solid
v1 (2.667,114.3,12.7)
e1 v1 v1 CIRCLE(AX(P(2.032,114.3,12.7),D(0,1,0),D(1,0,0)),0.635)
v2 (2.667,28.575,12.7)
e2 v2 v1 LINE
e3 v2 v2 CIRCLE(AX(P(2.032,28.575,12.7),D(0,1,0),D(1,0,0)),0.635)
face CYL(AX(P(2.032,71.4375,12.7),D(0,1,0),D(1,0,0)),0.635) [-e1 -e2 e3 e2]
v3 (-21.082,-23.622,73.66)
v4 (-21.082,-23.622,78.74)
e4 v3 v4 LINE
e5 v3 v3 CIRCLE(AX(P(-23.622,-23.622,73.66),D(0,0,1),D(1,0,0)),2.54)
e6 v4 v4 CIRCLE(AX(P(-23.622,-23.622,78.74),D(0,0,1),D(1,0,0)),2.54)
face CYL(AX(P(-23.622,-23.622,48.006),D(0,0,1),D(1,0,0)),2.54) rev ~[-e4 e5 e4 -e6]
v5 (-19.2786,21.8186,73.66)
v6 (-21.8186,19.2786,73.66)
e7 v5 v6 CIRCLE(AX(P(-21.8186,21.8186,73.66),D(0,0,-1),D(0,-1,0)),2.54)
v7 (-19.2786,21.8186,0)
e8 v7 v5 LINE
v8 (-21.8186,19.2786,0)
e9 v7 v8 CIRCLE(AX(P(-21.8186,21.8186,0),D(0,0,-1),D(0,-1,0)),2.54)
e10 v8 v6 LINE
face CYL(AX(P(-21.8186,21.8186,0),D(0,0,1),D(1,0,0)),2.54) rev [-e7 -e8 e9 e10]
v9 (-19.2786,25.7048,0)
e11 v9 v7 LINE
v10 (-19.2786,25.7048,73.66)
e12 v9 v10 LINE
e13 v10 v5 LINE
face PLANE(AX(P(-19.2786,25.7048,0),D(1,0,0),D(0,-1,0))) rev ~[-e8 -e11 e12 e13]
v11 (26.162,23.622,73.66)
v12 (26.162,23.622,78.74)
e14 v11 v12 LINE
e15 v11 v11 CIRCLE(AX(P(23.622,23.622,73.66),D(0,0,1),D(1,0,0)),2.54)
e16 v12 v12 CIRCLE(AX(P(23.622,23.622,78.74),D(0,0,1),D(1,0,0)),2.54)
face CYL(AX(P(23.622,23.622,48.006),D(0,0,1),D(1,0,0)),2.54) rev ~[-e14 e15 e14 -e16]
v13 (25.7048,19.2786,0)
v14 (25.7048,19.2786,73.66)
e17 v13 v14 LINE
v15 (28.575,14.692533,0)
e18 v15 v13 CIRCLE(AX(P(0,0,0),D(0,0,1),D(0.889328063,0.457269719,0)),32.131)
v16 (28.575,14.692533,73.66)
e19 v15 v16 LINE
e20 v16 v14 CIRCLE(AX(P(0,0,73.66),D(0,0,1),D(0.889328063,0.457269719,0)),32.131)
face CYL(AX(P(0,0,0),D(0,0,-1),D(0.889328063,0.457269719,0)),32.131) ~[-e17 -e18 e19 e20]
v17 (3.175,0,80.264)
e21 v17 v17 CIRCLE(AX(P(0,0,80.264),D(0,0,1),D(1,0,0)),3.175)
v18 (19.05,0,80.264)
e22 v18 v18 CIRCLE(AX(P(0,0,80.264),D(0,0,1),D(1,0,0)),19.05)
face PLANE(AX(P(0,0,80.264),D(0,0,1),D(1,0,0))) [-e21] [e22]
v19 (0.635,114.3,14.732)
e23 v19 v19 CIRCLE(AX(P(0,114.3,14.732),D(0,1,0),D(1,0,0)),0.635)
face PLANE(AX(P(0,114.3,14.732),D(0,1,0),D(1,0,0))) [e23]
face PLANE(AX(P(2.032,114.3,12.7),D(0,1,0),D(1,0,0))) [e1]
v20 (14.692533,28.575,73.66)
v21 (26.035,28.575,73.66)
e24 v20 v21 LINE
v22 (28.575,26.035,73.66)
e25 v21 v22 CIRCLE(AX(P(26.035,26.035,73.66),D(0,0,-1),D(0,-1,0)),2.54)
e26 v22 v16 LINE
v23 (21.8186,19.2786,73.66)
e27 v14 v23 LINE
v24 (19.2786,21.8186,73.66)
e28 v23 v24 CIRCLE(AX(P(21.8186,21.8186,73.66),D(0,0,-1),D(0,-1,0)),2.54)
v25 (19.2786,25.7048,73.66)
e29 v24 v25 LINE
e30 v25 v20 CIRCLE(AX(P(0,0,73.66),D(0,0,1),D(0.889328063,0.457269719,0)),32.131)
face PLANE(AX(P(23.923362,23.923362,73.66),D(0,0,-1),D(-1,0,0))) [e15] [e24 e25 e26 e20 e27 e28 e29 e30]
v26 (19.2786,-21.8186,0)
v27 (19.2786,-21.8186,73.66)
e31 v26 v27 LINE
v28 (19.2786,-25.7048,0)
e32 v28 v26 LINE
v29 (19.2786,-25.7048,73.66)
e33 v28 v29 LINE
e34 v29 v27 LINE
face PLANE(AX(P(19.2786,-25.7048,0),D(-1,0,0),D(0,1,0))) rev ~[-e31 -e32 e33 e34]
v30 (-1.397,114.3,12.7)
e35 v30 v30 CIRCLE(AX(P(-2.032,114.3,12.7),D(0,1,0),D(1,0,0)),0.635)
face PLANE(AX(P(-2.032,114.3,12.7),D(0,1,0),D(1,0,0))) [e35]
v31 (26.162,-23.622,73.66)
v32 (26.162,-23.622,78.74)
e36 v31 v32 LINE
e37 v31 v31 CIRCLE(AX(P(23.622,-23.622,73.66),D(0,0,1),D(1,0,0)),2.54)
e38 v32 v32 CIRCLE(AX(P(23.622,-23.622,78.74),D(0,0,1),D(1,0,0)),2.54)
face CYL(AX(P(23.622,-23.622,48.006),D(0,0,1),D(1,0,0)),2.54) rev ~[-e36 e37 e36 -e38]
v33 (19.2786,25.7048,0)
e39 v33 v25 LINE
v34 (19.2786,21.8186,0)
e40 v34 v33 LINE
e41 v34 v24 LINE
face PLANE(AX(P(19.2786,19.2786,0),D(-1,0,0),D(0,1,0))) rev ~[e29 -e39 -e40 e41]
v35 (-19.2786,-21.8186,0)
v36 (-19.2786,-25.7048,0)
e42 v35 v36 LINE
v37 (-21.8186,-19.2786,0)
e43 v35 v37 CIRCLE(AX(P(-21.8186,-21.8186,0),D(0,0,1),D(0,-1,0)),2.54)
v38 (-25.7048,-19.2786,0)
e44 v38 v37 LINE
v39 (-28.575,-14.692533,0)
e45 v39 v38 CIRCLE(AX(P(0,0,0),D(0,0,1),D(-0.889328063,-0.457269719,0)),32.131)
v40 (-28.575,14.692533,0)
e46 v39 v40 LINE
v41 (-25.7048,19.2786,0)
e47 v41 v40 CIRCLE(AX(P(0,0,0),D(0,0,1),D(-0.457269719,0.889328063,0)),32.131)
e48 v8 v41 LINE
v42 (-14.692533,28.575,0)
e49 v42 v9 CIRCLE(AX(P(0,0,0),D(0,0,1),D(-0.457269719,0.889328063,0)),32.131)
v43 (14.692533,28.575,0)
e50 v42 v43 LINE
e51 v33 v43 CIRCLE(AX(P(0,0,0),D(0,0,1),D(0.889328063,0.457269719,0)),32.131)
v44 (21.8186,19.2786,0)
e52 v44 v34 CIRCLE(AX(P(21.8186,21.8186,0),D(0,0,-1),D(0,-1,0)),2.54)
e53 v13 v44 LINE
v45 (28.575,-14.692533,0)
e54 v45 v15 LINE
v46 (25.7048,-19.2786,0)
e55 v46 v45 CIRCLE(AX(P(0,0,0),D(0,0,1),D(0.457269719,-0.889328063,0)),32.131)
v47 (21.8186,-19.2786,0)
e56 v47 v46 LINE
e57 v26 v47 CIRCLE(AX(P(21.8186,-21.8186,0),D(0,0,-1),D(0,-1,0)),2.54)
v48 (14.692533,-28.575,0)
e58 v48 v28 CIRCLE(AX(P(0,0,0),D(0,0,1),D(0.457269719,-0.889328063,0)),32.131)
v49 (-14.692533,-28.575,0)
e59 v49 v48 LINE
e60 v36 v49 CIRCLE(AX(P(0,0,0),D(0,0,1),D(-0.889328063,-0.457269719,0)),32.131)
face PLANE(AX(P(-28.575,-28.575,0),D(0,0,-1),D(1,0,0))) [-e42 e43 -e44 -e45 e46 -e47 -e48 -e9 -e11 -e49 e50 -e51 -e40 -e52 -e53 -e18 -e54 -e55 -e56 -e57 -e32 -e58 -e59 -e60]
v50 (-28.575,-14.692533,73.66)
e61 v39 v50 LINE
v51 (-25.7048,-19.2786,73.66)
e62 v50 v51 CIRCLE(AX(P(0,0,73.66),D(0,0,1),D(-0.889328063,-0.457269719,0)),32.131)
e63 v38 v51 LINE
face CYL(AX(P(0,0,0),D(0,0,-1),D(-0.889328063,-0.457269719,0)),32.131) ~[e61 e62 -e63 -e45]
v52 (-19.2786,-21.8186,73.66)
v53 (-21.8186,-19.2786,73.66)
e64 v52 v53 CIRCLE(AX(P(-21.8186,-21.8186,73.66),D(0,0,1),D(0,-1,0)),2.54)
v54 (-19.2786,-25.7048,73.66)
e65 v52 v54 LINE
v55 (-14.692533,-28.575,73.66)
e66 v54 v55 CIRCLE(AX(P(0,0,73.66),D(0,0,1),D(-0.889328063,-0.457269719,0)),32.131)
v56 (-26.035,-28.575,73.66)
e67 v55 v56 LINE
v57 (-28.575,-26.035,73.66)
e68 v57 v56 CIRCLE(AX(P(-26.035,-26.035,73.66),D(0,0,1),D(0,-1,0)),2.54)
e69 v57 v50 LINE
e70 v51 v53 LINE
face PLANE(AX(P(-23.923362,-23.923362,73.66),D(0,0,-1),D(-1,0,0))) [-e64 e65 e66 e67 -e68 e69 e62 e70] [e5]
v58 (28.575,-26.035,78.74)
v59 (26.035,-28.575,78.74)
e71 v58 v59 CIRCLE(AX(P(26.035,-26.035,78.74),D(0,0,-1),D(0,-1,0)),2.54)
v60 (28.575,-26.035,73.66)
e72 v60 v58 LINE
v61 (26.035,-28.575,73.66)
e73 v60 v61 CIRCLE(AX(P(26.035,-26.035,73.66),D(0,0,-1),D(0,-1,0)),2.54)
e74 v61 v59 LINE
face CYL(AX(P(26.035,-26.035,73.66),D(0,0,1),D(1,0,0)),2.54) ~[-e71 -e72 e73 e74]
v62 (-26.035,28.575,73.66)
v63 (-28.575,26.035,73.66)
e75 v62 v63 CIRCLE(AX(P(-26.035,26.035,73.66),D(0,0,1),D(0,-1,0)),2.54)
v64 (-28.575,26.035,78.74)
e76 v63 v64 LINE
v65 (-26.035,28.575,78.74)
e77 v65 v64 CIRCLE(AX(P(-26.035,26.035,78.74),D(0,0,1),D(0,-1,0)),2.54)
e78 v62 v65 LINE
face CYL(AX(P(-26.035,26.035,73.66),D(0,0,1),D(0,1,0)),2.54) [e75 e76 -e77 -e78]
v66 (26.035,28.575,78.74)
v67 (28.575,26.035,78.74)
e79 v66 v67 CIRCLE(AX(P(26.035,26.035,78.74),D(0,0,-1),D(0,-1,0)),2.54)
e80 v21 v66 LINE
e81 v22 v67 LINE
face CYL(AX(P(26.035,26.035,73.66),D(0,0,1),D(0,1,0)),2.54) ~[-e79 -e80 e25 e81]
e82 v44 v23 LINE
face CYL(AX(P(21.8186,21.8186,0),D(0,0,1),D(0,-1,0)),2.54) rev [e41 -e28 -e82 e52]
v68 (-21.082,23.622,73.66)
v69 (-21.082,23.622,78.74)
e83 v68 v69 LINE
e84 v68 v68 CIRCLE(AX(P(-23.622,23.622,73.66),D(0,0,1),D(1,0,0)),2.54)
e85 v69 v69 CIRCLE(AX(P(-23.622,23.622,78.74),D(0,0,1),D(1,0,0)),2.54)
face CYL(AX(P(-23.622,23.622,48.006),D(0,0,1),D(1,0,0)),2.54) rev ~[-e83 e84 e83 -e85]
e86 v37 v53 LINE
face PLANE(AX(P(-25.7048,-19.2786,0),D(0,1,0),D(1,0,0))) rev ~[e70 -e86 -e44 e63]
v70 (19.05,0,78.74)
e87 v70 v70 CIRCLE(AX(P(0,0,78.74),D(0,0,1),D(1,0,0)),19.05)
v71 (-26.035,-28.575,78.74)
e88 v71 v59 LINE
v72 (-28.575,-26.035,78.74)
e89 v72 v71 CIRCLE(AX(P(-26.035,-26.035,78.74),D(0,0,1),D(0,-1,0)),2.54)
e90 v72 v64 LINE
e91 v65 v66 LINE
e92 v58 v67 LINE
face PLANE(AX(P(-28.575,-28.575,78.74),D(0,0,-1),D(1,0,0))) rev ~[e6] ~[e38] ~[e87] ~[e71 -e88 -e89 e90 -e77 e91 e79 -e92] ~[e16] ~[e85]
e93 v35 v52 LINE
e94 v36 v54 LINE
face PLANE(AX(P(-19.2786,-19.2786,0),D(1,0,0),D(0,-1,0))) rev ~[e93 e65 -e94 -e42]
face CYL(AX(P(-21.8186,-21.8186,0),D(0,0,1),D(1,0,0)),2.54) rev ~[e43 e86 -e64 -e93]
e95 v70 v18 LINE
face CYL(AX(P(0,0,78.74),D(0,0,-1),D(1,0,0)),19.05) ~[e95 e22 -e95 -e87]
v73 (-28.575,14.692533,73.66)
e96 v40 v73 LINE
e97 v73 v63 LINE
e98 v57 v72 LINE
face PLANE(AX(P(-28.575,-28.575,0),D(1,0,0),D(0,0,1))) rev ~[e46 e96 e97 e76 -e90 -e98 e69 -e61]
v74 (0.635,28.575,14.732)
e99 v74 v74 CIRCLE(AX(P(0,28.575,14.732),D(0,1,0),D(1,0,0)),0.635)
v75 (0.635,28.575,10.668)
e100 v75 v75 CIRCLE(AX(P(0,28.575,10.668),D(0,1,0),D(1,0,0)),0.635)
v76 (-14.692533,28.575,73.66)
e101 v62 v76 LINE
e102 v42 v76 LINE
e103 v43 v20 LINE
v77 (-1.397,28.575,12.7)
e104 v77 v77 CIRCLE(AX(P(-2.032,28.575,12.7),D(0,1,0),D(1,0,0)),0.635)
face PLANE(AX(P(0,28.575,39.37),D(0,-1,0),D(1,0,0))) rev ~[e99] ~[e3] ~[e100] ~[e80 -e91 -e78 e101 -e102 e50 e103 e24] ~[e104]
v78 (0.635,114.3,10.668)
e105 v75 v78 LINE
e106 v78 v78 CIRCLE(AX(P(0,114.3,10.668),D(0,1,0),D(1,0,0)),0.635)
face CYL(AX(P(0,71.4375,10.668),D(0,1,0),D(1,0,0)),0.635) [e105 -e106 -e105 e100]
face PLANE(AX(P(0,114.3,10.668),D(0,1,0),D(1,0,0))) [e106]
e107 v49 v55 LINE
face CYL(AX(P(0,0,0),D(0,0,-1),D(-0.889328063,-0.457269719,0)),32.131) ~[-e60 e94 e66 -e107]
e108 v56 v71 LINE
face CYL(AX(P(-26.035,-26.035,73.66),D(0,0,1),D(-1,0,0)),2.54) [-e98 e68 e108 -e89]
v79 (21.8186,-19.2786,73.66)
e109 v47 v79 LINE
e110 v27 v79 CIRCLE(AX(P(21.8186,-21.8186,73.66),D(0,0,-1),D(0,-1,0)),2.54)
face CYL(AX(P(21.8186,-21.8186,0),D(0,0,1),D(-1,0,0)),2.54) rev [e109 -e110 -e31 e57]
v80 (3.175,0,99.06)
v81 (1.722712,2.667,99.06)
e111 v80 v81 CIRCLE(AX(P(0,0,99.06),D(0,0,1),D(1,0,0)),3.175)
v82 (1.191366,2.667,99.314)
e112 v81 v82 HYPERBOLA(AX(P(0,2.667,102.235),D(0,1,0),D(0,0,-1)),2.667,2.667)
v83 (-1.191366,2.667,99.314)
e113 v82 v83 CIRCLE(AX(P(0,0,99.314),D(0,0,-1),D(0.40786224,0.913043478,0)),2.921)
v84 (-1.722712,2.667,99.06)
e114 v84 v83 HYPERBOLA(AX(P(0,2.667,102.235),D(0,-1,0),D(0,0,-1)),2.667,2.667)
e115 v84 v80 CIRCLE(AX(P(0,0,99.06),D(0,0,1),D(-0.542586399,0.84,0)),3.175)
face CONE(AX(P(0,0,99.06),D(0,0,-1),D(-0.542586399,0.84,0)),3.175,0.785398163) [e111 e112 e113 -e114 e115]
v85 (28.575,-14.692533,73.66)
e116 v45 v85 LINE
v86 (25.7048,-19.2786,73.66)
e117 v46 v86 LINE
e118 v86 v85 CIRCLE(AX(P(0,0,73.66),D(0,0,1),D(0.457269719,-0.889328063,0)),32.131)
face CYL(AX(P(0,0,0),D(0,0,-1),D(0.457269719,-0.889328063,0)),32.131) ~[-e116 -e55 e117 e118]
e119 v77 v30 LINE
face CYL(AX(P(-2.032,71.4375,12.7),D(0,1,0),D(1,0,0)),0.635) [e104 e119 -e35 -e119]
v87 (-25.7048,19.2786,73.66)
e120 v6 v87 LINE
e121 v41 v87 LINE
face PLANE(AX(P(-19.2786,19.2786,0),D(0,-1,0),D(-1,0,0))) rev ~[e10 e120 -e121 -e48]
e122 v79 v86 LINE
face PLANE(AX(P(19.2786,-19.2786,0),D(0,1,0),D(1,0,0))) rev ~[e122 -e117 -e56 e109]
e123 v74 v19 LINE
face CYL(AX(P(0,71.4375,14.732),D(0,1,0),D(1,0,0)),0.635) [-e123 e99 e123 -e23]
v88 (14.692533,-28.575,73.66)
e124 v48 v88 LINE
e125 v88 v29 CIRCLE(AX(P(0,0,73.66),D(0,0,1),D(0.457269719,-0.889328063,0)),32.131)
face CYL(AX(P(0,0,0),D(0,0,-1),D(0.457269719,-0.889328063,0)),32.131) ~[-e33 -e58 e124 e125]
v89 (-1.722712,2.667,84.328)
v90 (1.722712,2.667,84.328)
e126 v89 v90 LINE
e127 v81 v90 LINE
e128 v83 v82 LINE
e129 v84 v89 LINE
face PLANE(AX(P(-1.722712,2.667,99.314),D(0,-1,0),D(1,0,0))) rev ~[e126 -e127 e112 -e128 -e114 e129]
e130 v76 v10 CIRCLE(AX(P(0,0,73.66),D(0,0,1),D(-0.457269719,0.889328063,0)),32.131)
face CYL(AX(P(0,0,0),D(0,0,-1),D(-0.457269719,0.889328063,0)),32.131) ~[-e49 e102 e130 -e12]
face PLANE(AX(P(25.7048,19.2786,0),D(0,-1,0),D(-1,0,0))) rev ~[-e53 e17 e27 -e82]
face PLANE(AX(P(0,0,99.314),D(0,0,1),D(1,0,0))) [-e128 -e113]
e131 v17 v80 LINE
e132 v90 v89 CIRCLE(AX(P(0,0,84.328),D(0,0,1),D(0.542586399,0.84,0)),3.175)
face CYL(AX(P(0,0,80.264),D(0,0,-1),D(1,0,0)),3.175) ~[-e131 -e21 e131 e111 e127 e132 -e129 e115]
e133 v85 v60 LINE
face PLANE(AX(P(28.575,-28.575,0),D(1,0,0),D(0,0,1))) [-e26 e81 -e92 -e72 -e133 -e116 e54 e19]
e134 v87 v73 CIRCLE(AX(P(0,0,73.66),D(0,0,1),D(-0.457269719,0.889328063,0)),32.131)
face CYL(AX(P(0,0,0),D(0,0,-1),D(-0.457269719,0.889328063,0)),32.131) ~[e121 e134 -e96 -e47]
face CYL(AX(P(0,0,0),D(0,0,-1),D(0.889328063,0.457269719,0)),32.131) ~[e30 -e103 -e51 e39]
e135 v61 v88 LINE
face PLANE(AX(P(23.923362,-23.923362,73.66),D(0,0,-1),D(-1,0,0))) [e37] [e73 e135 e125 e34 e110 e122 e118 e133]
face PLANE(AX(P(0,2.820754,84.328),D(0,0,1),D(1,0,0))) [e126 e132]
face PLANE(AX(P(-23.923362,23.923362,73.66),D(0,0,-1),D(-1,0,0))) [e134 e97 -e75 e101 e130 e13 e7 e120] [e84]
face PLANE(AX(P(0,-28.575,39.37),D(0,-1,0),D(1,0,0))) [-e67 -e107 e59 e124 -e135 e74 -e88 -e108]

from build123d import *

# Parameters (mm, degrees)
SKETCH1_W           = 57.15
SKETCH1_H           = 78.74
BOSS_EXTRUDE1_DEPTH = 57.15
CUT_EXTRUDE1_DEPTH  = 73.66
CUT_EXTRUDE2_DEPTH  = 73.66
CUT_EXTRUDE3_DEPTH  = 73.66
CUT_EXTRUDE4_DEPTH  = 73.66
CUT_EXTRUDE5_DEPTH  = 73.66
CUT_EXTRUDE6_DEPTH  = 73.66
CUT_EXTRUDE7_DEPTH  = 73.66
CUT_EXTRUDE8_DEPTH  = 73.66
SKETCH10_R          = 19.05
BOSS_EXTRUDE2_DEPTH = 1.524
SKETCH11_R          = 3.175
BOSS_EXTRUDE3_DEPTH = 19.05
CUT_EXTRUDE9_DEPTH  = 14.986
SKETCH13_W          = 0.635
SKETCH13_H          = 85.725
SKETCH14_W          = 0.635
SKETCH14_H          = 85.725
SKETCH15_W          = 0.635
SKETCH15_H          = 85.725
SKETCH16_W          = 0.635
SKETCH16_H          = 85.725
HOLE1_D             = 5.08
HOLE1_DEPTH         = 25.654
HOLE2_D             = 5.08
HOLE2_DEPTH         = 25.654
HOLE3_D             = 5.08
HOLE3_DEPTH         = 25.654
HOLE4_D             = 5.08
HOLE4_DEPTH         = 25.654
CHAMFER1_SIZE       = 0.254
FILLET1_R           = 2.54
FILLET2_R           = 2.54
FILLET3_R           = 2.54
FILLET4_R           = 2.54
FILLET5_R           = 2.54
FILLET6_R           = 2.54
FILLET7_R           = 2.54
FILLET8_R           = 2.54


with BuildPart() as part:
    # Sketch1 → Boss-Extrude1 (new body)
    with BuildSketch(Plane.XZ.offset(28.575)):
        with Locations((0, 39.37)):
            Rectangle(SKETCH1_W, SKETCH1_H)
    extrude(amount=-BOSS_EXTRUDE1_DEPTH)

    # Sketch2 → Cut-Extrude1 (cut)
    with BuildSketch(Plane(origin=(0, 0, 0), x_dir=(-1, 0, 0), z_dir=(0, 0, -1))):
        with BuildLine():
            Line((-28.575, -28.575), (-14.692533342, -28.575))
            ThreePointArc((-14.692533342, -28.575), (-22.720047986, -22.720047986), (-28.575, -14.692533342))
            Line((-28.575, -14.692533342), (-28.575, -28.575))
        make_face()
    extrude(amount=-CUT_EXTRUDE1_DEPTH, mode=Mode.SUBTRACT)

    # Sketch3 → Cut-Extrude2 (cut)
    with BuildSketch(Plane(origin=(0, 0, 0), x_dir=(-1, 0, 0), z_dir=(0, 0, -1))):
        with BuildLine():
            Line((-19.2786, -25.7048), (-19.2786, -19.2786))
            Line((-19.2786, -19.2786), (-25.7048, -19.2786))
            ThreePointArc((-25.7048, -19.2786), (-22.720047986, -22.720047986), (-19.2786, -25.7048))
        make_face()
    extrude(amount=-CUT_EXTRUDE2_DEPTH, mode=Mode.SUBTRACT)

    # Sketch4 → Cut-Extrude3 (cut)
    with BuildSketch(Plane(origin=(0, 0, 0), x_dir=(-1, 0, 0), z_dir=(0, 0, -1))):
        with BuildLine():
            Line((-28.575, 28.575), (-28.575, 14.692533342))
            ThreePointArc((-28.575, 14.692533342), (-22.720047986, 22.720047986), (-14.692533342, 28.575))
            Line((-14.692533342, 28.575), (-28.575, 28.575))
        make_face()
    extrude(amount=-CUT_EXTRUDE3_DEPTH, mode=Mode.SUBTRACT)

    # Sketch5 → Cut-Extrude4 (cut)
    with BuildSketch(Plane(origin=(0, 0, 0), x_dir=(-1, 0, 0), z_dir=(0, 0, -1))):
        with BuildLine():
            Line((-25.7048, 19.2786), (-19.2786, 19.2786))
            Line((-19.2786, 19.2786), (-19.2786, 25.7048))
            ThreePointArc((-19.2786, 25.7048), (-22.720047986, 22.720047986), (-25.7048, 19.2786))
        make_face()
    extrude(amount=-CUT_EXTRUDE4_DEPTH, mode=Mode.SUBTRACT)

    # Sketch6 → Cut-Extrude5 (cut)
    with BuildSketch(Plane(origin=(0, 0, 0), x_dir=(-1, 0, 0), z_dir=(0, 0, -1))):
        with BuildLine():
            Line((28.575, 28.575), (14.692533342, 28.575))
            ThreePointArc((14.692533342, 28.575), (22.720047986, 22.720047986), (28.575, 14.692533342))
            Line((28.575, 14.692533342), (28.575, 28.575))
        make_face()
    extrude(amount=-CUT_EXTRUDE5_DEPTH, mode=Mode.SUBTRACT)

    # Sketch7 → Cut-Extrude6 (cut)
    with BuildSketch(Plane(origin=(0, 0, 0), x_dir=(-1, 0, 0), z_dir=(0, 0, -1))):
        with BuildLine():
            Line((19.2786, 25.7048), (19.2786, 19.2786))
            Line((19.2786, 19.2786), (25.7048, 19.2786))
            ThreePointArc((25.7048, 19.2786), (22.720047986, 22.720047986), (19.2786, 25.7048))
        make_face()
    extrude(amount=-CUT_EXTRUDE6_DEPTH, mode=Mode.SUBTRACT)

    # Sketch8 → Cut-Extrude7 (cut)
    with BuildSketch(Plane(origin=(0, 0, 0), x_dir=(-1, 0, 0), z_dir=(0, 0, -1))):
        with BuildLine():
            Line((28.575, -28.575), (28.575, -14.692533342))
            ThreePointArc((28.575, -14.692533342), (22.720047986, -22.720047986), (14.692533342, -28.575))
            Line((14.692533342, -28.575), (28.575, -28.575))
        make_face()
    extrude(amount=-CUT_EXTRUDE7_DEPTH, mode=Mode.SUBTRACT)

    # Sketch9 → Cut-Extrude8 (cut)
    with BuildSketch(Plane(origin=(0, 0, 0), x_dir=(-1, 0, 0), z_dir=(0, 0, -1))):
        with BuildLine():
            Line((25.7048, -19.2786), (19.2786, -19.2786))
            Line((19.2786, -19.2786), (19.2786, -25.7048))
            ThreePointArc((19.2786, -25.7048), (22.720047986, -22.720047986), (25.7048, -19.2786))
        make_face()
    extrude(amount=-CUT_EXTRUDE8_DEPTH, mode=Mode.SUBTRACT)

    # Sketch10 → Boss-Extrude2 (add)
    with BuildSketch(Plane.XY.offset(78.74)):
        Circle(SKETCH10_R)
    extrude(amount=BOSS_EXTRUDE2_DEPTH)

    # Sketch11 → Boss-Extrude3 (add)
    with BuildSketch(Plane.XY.offset(80.264)):
        Circle(SKETCH11_R)
    extrude(amount=BOSS_EXTRUDE3_DEPTH)

    # Sketch12 → Cut-Extrude9 (cut)
    with BuildSketch(Plane.XY.offset(99.314)):
        with BuildLine():
            Line((-1.722711816, 2.667), (1.722711816, 2.667))
            ThreePointArc((1.722711816, 2.667), (0, 3.175), (-1.722711816, 2.667))
        make_face()
    extrude(amount=-CUT_EXTRUDE9_DEPTH, mode=Mode.SUBTRACT)

    # Sketch13 → Revolve1 (revolve)
    with BuildSketch(Plane(origin=(0, 0, 12.7), x_dir=(-1, 0, 0), z_dir=(0, 0, -1))):
        with Locations((1.7145, 71.4375)):
            Rectangle(SKETCH13_W, SKETCH13_H)
    revolve(axis=Axis((-2.032, 28.575, 12.7), (0, 1, 0)))

    # Sketch14 → Revolve2 (revolve)
    with BuildSketch(Plane(origin=(0, 0, 12.7), x_dir=(-1, 0, 0), z_dir=(0, 0, -1))):
        with Locations((-2.3495, 71.4375)):
            Rectangle(SKETCH14_W, SKETCH14_H)
    revolve(axis=Axis((2.032, 28.575, 12.7), (0, 1, 0)))

    # Sketch15 → Revolve3 (revolve)
    with BuildSketch(Plane(origin=(0, 0, 14.732), x_dir=(-1, 0, 0), z_dir=(0, 0, -1))):
        with Locations((-0.3175, 71.4375)):
            Rectangle(SKETCH15_W, SKETCH15_H)
    revolve(axis=Axis((0, 28.575, 14.732), (0, 1, 0)))

    # Sketch16 → Revolve4 (revolve)
    with BuildSketch(Plane(origin=(0, 0, 10.668), x_dir=(-1, 0, 0), z_dir=(0, 0, -1))):
        with Locations((-0.3175, 71.4375)):
            Rectangle(SKETCH16_W, SKETCH16_H)
    revolve(axis=Axis((0, 28.575, 10.668), (0, 1, 0)))

    # Hole1
    with Locations(Plane(origin=(0, 0, 73.66), x_dir=(-1, 0, 0), z_dir=(0, 0, -1))):
        with Locations((23.622, -23.622)):
            Hole(HOLE1_D / 2, depth=HOLE1_DEPTH)

    # Hole2
    with Locations(Plane(origin=(0, 0, 73.66), x_dir=(-1, 0, 0), z_dir=(0, 0, -1))):
        with Locations((23.622, 23.622)):
            Hole(HOLE2_D / 2, depth=HOLE2_DEPTH)

    # Hole3
    with Locations(Plane(origin=(0, 0, 73.66), x_dir=(-1, 0, 0), z_dir=(0, 0, -1))):
        with Locations((-23.622, 23.622)):
            Hole(HOLE3_D / 2, depth=HOLE3_DEPTH)

    # Hole4
    with Locations(Plane(origin=(0, 0, 73.66), x_dir=(-1, 0, 0), z_dir=(0, 0, -1))):
        with Locations((-23.622, -23.622)):
            Hole(HOLE4_D / 2, depth=HOLE4_DEPTH)

    # Chamfer1
    chamfer1_edges = [part.edges().sort_by_distance(p)[0] for p in [
        (-1.51838977, -2.78838977, 99.314),
    ]]
    chamfer(chamfer1_edges, length=CHAMFER1_SIZE)

    # Fillet1
    fillet1_edges = [part.edges().sort_by_distance(p)[0] for p in [
        (-28.575, 28.575, 76.2),
    ]]
    fillet(fillet1_edges, radius=FILLET1_R)

    # Fillet2
    fillet2_edges = [part.edges().sort_by_distance(p)[0] for p in [
        (-28.575, -28.575, 76.2),
    ]]
    fillet(fillet2_edges, radius=FILLET2_R)

    # Fillet3
    fillet3_edges = [part.edges().sort_by_distance(p)[0] for p in [
        (28.575, 28.575, 76.2),
    ]]
    fillet(fillet3_edges, radius=FILLET3_R)

    # Fillet4
    fillet4_edges = [part.edges().sort_by_distance(p)[0] for p in [
        (-19.2786, 19.2786, 36.83),
    ]]
    fillet(fillet4_edges, radius=FILLET4_R)

    # Fillet5
    fillet5_edges = [part.edges().sort_by_distance(p)[0] for p in [
        (28.575, -28.575, 76.2),
    ]]
    fillet(fillet5_edges, radius=FILLET5_R)

    # Fillet6
    fillet6_edges = [part.edges().sort_by_distance(p)[0] for p in [
        (19.2786, -19.2786, 36.83),
    ]]
    fillet(fillet6_edges, radius=FILLET6_R)

    # Fillet7
    fillet7_edges = [part.edges().sort_by_distance(p)[0] for p in [
        (19.2786, 19.2786, 36.83),
    ]]
    fillet(fillet7_edges, radius=FILLET7_R)

    # Fillet8
    fillet8_edges = [part.edges().sort_by_distance(p)[0] for p in [
        (-19.2786, -19.2786, 36.83),
    ]]
    fillet(fillet8_edges, radius=FILLET8_R)


solid = part.part
